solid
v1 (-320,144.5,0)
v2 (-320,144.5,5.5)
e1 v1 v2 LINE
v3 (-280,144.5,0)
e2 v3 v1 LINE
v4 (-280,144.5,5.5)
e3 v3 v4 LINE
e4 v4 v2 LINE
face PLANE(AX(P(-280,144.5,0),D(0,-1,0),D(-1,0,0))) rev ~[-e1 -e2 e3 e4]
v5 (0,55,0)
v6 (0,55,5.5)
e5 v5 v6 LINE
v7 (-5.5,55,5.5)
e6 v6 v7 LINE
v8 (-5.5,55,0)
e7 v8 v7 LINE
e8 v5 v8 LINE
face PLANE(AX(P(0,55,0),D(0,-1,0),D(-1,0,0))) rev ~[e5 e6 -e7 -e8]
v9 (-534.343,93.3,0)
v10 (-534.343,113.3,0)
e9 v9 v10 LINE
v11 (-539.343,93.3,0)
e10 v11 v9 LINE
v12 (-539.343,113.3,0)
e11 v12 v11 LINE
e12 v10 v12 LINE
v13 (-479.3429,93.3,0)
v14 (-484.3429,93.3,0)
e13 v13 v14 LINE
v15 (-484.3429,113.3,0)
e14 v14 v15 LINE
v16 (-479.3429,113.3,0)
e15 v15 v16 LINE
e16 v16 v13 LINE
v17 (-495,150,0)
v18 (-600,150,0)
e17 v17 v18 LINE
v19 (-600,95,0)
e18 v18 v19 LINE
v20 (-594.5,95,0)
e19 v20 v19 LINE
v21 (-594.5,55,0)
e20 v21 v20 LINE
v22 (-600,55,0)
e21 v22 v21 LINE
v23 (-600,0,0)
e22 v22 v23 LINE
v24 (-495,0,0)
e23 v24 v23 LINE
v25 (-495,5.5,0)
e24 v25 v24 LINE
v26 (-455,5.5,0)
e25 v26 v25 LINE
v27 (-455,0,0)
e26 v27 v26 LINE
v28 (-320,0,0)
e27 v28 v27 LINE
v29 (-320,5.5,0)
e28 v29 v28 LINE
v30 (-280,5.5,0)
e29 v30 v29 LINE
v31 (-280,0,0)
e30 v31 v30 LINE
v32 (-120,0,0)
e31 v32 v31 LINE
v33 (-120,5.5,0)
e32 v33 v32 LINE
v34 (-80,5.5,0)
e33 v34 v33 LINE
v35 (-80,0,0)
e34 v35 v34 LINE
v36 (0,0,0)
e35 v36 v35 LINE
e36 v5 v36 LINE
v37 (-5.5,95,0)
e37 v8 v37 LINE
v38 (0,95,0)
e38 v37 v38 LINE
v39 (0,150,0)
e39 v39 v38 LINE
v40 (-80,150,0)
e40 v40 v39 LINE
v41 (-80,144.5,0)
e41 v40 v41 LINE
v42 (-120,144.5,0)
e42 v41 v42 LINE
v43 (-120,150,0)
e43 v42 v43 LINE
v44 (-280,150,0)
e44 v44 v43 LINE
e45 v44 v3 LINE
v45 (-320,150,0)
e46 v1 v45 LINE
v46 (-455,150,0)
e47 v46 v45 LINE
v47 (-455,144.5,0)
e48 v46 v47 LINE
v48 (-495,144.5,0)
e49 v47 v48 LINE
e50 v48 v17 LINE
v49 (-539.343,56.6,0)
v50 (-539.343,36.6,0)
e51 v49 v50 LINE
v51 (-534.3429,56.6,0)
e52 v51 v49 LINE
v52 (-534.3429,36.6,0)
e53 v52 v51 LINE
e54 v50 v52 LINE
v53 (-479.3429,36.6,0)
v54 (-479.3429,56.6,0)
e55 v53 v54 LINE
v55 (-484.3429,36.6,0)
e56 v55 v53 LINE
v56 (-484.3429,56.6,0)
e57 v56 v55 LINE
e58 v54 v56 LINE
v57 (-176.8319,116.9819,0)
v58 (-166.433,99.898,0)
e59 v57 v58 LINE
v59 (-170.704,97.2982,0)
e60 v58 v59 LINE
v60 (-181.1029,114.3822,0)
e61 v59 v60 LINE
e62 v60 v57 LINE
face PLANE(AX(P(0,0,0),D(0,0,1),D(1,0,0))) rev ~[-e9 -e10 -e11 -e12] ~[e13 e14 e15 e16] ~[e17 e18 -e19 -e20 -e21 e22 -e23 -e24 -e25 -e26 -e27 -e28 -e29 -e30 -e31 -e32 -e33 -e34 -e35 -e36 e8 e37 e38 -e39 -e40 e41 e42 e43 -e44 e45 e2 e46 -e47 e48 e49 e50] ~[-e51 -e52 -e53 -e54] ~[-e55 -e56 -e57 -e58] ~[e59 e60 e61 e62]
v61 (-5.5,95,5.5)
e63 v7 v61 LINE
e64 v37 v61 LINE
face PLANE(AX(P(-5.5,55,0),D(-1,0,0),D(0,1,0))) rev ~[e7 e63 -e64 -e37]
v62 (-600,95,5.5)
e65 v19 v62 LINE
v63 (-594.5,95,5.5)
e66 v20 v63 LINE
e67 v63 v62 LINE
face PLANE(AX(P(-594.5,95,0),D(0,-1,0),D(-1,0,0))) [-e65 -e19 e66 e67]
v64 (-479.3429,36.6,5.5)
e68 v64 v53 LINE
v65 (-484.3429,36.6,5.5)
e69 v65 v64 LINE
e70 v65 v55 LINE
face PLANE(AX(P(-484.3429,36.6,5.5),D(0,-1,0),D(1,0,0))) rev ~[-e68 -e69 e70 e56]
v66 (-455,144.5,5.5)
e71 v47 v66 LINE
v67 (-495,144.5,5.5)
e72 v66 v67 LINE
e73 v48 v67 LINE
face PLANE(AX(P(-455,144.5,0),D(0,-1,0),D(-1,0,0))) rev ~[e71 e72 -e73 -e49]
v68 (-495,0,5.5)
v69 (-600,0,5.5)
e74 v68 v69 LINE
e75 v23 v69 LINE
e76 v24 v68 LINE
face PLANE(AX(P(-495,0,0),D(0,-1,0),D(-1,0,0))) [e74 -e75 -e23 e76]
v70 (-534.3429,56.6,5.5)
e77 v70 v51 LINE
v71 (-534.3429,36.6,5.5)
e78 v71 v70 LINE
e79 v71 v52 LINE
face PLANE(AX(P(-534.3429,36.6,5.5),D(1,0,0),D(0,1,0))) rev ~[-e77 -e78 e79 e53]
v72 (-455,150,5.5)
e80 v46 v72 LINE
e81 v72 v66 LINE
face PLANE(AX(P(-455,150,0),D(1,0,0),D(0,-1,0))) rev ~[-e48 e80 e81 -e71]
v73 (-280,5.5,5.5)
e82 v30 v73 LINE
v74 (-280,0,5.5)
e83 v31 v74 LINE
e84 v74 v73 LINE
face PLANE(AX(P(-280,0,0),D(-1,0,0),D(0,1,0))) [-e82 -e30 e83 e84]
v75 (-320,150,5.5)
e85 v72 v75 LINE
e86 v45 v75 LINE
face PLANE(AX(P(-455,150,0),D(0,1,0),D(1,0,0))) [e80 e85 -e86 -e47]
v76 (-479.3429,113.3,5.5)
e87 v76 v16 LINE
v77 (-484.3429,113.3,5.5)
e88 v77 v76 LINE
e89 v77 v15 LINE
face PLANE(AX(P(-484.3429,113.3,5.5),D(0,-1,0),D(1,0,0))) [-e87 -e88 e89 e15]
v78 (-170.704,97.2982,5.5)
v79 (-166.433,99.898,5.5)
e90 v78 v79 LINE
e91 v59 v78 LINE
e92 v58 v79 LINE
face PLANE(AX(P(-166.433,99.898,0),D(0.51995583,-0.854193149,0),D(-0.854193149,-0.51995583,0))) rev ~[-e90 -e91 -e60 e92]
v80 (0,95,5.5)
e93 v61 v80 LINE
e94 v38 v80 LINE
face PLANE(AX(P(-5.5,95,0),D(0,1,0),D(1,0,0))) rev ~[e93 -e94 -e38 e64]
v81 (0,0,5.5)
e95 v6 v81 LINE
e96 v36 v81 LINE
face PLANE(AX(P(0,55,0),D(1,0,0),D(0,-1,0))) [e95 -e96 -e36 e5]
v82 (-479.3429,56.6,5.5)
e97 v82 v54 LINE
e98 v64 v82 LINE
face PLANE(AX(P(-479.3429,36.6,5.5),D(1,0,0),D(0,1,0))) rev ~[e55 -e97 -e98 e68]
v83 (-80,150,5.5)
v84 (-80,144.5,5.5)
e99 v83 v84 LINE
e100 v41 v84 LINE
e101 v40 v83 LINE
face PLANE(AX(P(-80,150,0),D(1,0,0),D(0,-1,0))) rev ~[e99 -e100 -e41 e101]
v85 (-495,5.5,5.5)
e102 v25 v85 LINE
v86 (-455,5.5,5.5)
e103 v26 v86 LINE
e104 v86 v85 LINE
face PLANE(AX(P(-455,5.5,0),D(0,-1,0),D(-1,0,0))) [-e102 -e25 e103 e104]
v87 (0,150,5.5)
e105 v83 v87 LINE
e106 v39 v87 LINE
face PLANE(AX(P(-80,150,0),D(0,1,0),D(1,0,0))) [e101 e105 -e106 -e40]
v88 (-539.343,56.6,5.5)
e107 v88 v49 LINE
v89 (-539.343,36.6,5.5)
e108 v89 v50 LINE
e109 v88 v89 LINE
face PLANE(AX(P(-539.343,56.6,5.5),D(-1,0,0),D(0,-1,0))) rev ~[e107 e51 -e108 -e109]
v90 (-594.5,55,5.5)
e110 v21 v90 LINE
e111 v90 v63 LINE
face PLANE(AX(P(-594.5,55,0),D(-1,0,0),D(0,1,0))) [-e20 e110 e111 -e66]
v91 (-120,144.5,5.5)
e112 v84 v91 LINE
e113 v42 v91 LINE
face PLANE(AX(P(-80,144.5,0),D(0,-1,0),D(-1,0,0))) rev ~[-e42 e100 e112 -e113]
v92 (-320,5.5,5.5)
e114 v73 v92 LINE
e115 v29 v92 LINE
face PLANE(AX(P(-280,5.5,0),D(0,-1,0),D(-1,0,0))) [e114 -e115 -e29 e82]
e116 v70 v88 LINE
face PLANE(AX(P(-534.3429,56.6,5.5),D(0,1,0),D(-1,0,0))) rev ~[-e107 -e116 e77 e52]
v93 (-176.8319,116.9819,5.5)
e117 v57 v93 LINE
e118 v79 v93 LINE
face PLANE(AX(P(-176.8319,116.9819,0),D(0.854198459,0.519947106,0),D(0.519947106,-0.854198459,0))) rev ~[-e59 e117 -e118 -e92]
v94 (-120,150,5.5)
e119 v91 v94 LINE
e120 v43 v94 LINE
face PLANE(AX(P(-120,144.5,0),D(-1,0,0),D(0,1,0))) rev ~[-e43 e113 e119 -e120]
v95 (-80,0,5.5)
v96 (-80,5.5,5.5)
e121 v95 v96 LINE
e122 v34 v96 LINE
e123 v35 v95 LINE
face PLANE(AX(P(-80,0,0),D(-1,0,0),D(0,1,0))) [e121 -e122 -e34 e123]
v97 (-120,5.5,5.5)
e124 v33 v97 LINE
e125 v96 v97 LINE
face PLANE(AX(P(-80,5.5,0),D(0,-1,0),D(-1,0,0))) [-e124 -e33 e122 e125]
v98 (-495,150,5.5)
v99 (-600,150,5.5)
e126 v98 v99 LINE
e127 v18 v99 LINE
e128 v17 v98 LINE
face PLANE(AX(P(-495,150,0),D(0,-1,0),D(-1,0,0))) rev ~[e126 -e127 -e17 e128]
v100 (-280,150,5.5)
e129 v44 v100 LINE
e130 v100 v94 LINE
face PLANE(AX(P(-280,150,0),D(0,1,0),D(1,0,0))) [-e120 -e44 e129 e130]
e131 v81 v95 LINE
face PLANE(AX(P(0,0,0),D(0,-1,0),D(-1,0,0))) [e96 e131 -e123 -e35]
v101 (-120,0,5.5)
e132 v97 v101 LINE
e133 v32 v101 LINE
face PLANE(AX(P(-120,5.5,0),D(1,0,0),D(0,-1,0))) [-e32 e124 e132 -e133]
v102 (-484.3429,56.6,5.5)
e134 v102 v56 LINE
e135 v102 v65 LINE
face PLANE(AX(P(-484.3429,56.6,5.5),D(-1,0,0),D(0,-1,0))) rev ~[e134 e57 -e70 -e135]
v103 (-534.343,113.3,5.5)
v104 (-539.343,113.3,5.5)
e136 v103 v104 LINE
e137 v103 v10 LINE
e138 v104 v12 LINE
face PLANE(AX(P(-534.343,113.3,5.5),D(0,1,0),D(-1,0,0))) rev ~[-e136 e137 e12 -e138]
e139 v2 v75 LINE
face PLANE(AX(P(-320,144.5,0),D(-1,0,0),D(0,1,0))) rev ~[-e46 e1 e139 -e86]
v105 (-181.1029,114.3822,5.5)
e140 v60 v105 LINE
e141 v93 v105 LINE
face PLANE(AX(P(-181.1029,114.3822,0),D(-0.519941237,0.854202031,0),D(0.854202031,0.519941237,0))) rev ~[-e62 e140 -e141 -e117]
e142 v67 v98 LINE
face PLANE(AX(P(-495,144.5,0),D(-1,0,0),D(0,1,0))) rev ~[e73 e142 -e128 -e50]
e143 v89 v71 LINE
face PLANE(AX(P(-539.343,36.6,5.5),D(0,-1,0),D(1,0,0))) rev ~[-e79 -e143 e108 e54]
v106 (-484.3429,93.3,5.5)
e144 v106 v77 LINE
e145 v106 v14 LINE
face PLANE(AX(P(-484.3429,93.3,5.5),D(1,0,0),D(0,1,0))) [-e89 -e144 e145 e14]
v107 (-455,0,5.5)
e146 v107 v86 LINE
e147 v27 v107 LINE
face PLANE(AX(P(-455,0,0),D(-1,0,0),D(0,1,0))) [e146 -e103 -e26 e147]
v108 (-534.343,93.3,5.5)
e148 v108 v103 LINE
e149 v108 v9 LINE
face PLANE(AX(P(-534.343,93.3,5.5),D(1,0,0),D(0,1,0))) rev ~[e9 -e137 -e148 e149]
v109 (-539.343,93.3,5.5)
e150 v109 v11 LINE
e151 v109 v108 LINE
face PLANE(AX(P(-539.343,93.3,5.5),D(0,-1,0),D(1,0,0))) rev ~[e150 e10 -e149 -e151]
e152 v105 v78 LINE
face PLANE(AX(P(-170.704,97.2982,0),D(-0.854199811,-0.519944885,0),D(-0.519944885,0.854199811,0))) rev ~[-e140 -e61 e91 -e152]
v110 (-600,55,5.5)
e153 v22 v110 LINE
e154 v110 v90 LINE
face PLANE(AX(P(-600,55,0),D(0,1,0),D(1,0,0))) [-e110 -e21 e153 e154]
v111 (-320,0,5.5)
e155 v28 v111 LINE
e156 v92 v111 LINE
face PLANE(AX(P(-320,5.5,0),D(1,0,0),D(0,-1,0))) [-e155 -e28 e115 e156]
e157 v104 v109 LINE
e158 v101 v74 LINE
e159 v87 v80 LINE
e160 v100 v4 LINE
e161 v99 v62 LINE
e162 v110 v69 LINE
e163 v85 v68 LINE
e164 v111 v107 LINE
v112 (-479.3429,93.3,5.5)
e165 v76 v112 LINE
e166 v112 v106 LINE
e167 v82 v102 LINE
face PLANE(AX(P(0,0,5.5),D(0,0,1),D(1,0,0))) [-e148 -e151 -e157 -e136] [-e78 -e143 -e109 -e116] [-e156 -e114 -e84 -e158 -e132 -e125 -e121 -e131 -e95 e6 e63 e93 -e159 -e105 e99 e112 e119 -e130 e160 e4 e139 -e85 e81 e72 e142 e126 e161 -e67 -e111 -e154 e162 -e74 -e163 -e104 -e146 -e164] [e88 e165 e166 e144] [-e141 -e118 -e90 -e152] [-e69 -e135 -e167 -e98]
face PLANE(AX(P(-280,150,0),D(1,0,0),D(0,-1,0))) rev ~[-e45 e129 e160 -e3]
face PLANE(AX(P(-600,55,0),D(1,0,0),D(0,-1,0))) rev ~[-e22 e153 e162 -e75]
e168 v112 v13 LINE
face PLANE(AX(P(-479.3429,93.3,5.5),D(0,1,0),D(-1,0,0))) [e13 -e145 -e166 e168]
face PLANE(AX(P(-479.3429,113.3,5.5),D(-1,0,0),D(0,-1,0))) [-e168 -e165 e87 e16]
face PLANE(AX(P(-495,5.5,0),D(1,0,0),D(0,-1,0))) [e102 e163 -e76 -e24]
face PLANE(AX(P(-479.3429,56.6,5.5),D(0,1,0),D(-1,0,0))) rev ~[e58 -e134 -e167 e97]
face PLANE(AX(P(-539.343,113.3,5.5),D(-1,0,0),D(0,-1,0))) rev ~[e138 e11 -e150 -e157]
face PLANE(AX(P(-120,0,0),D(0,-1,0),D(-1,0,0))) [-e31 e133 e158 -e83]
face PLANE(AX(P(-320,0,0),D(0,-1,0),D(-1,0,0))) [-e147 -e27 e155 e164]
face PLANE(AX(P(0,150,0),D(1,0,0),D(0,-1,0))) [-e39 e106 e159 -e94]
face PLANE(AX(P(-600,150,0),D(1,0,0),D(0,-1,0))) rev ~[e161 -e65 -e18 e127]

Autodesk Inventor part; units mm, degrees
ref_plane "YZ Plane" through (0, 0, 0) normal (1, 0, 0) x (0, 1, 0)
ref_plane "XZ Plane" through (0, 0, 0) normal (0, 1, 0) x (-1, 0, 0)
ref_plane "XY Plane" through (0, 0, 0) normal (0, 0, 1) x (1, 0, 0)
sketch "Sketch1" plane through (0, 0, 0) normal (0, 0, 1) x (1, 0, 0)
  line L0 (-280, 0) -> (-280, 5.5)
  line L1 (-280, 5.5) -> (-320, 5.5)
  line L2 (-320, 5.5) -> (-320, 0)
  line L3 (-80, 0) -> (-80, 5.5)
  line L4 (-80, 5.5) -> (-120, 5.5)
  line L5 (-120, 5.5) -> (-120, 0)
  line L6 (-280, 150) -> (-280, 144.5)
  line L7 (-280, 144.5) -> (-320, 144.5)
  line L8 (-320, 144.5) -> (-320, 150)
  line L9 (-80, 150) -> (-80, 144.5)
  line L10 (-80, 144.5) -> (-120, 144.5)
  line L11 (-120, 144.5) -> (-120, 150)
  line L12 (-455, 0) -> (-455, 5.5)
  line L13 (-455, 5.5) -> (-495, 5.5)
  line L14 (-495, 5.5) -> (-495, 0)
  line L15 (-455, 150) -> (-455, 144.5)
  line L16 (-455, 144.5) -> (-495, 144.5)
  line L17 (-495, 144.5) -> (-495, 150)
  line L18 (-600, 55) -> (-594.5, 55)
  line L19 (-594.5, 55) -> (-594.5, 95)
  line L20 (-594.5, 95) -> (-600, 95)
  line L21 (0, 55) -> (-5.5, 55)
  line L22 (-5.5, 55) -> (-5.5, 95)
  line L23 (-5.5, 95) -> (0, 95)
  line L24 (-495, 150) -> (-600, 150)
  line L25 (-455, 150) -> (-320, 150)
  line L26 (-280, 150) -> (-120, 150)
  line L27 (-80, 150) -> (0, 150)
  line L28 (0, 0) -> (-80, 0)
  line L29 (-120, 0) -> (-280, 0)
  line L30 (-320, 0) -> (-455, 0)
  line L31 (-495, 0) -> (-600, 0)
  line L32 (0, 150) -> (0, 95)
  line L33 (0, 55) -> (0, 0)
  line L34 (-600, 150) -> (-600, 95)
  line L35 (-600, 55) -> (-600, 0)
  dimension "d0" = 600
  dimension "d1" = 150
  dimension "d4" = 40
  dimension "d5" = 5.5
  dimension "d8" = 40
  dimension "d9" = 5.5
  dimension "d10" = 40
  dimension "d11" = 5.5
  dimension "d12" = 40
  dimension "d13" = 5.5
  dimension "d14" = 40
  dimension "d15" = 5.5
  dimension "d17" = 5.5
  dimension "d18" = 40
  dimension "d19" = 5.5
  dimension "d23" = 480
extrude "Extrusion1" add sketch "Sketch1" along normal blind 5.5
sketch "Sketch2" plane through (0, 0, 5.5) normal (0, 0, 1) x (1, 0, 0)
  line L0 (-539.343, 36.6) -> (-534.3429, 36.6)
  line L1 (-534.3429, 36.6) -> (-534.3429, 56.6)
  line L2 (-534.3429, 56.6) -> (-539.343, 56.6)
  line L3 (-539.343, 56.6) -> (-539.343, 36.6)
  line L4 (-539.343, 93.3) -> (-534.343, 93.3)
  line L5 (-534.343, 93.3) -> (-534.343, 113.3)
  line L6 (-534.343, 113.3) -> (-539.343, 113.3)
  line L7 (-539.343, 113.3) -> (-539.343, 93.3)
  line L8 (-484.3429, 113.3) -> (-479.3429, 113.3)
  line L9 (-479.3429, 113.3) -> (-479.3429, 93.3)
  line L10 (-479.3429, 93.3) -> (-484.3429, 93.3)
  line L11 (-484.3429, 93.3) -> (-484.3429, 113.3)
  line L12 (-479.3429, 56.6) -> (-484.3429, 56.6)
  line L13 (-484.3429, 56.6) -> (-484.3429, 36.6)
  line L14 (-484.3429, 36.6) -> (-479.3429, 36.6)
  line L15 (-479.3429, 36.6) -> (-479.3429, 56.6)
  line L16 (-600, 150) -> (-600, 95) projected
  point P0 (0, 0)
  dimension "d26" = 20
  dimension "d27" = 5
  dimension "d28" = 20
  dimension "d29" = 5
  dimension "d30" = 20
  dimension "d33" = 60.657
extrude "Extrusion2" cut sketch "Sketch2" against normal blind 10
sketch "Sketch3" plane through (0, 0, 0) normal (0, 0, -1) x (-1, 0, 0)
  line L0 (181.1029, 114.3822) -> (176.8319, 116.9819)
  line L1 (176.8319, 116.9819) -> (166.433, 99.898)
  line L2 (166.433, 99.898) -> (170.704, 97.2982)
  line L3 (170.704, 97.2982) -> (181.1029, 114.3822)
  point P0 (0, 0)
  dimension "d34" = 5
  dimension "d35" = 20
extrude "Extrusion3" cut sketch "Sketch3" against normal blind 10
properties part number "lado1"
